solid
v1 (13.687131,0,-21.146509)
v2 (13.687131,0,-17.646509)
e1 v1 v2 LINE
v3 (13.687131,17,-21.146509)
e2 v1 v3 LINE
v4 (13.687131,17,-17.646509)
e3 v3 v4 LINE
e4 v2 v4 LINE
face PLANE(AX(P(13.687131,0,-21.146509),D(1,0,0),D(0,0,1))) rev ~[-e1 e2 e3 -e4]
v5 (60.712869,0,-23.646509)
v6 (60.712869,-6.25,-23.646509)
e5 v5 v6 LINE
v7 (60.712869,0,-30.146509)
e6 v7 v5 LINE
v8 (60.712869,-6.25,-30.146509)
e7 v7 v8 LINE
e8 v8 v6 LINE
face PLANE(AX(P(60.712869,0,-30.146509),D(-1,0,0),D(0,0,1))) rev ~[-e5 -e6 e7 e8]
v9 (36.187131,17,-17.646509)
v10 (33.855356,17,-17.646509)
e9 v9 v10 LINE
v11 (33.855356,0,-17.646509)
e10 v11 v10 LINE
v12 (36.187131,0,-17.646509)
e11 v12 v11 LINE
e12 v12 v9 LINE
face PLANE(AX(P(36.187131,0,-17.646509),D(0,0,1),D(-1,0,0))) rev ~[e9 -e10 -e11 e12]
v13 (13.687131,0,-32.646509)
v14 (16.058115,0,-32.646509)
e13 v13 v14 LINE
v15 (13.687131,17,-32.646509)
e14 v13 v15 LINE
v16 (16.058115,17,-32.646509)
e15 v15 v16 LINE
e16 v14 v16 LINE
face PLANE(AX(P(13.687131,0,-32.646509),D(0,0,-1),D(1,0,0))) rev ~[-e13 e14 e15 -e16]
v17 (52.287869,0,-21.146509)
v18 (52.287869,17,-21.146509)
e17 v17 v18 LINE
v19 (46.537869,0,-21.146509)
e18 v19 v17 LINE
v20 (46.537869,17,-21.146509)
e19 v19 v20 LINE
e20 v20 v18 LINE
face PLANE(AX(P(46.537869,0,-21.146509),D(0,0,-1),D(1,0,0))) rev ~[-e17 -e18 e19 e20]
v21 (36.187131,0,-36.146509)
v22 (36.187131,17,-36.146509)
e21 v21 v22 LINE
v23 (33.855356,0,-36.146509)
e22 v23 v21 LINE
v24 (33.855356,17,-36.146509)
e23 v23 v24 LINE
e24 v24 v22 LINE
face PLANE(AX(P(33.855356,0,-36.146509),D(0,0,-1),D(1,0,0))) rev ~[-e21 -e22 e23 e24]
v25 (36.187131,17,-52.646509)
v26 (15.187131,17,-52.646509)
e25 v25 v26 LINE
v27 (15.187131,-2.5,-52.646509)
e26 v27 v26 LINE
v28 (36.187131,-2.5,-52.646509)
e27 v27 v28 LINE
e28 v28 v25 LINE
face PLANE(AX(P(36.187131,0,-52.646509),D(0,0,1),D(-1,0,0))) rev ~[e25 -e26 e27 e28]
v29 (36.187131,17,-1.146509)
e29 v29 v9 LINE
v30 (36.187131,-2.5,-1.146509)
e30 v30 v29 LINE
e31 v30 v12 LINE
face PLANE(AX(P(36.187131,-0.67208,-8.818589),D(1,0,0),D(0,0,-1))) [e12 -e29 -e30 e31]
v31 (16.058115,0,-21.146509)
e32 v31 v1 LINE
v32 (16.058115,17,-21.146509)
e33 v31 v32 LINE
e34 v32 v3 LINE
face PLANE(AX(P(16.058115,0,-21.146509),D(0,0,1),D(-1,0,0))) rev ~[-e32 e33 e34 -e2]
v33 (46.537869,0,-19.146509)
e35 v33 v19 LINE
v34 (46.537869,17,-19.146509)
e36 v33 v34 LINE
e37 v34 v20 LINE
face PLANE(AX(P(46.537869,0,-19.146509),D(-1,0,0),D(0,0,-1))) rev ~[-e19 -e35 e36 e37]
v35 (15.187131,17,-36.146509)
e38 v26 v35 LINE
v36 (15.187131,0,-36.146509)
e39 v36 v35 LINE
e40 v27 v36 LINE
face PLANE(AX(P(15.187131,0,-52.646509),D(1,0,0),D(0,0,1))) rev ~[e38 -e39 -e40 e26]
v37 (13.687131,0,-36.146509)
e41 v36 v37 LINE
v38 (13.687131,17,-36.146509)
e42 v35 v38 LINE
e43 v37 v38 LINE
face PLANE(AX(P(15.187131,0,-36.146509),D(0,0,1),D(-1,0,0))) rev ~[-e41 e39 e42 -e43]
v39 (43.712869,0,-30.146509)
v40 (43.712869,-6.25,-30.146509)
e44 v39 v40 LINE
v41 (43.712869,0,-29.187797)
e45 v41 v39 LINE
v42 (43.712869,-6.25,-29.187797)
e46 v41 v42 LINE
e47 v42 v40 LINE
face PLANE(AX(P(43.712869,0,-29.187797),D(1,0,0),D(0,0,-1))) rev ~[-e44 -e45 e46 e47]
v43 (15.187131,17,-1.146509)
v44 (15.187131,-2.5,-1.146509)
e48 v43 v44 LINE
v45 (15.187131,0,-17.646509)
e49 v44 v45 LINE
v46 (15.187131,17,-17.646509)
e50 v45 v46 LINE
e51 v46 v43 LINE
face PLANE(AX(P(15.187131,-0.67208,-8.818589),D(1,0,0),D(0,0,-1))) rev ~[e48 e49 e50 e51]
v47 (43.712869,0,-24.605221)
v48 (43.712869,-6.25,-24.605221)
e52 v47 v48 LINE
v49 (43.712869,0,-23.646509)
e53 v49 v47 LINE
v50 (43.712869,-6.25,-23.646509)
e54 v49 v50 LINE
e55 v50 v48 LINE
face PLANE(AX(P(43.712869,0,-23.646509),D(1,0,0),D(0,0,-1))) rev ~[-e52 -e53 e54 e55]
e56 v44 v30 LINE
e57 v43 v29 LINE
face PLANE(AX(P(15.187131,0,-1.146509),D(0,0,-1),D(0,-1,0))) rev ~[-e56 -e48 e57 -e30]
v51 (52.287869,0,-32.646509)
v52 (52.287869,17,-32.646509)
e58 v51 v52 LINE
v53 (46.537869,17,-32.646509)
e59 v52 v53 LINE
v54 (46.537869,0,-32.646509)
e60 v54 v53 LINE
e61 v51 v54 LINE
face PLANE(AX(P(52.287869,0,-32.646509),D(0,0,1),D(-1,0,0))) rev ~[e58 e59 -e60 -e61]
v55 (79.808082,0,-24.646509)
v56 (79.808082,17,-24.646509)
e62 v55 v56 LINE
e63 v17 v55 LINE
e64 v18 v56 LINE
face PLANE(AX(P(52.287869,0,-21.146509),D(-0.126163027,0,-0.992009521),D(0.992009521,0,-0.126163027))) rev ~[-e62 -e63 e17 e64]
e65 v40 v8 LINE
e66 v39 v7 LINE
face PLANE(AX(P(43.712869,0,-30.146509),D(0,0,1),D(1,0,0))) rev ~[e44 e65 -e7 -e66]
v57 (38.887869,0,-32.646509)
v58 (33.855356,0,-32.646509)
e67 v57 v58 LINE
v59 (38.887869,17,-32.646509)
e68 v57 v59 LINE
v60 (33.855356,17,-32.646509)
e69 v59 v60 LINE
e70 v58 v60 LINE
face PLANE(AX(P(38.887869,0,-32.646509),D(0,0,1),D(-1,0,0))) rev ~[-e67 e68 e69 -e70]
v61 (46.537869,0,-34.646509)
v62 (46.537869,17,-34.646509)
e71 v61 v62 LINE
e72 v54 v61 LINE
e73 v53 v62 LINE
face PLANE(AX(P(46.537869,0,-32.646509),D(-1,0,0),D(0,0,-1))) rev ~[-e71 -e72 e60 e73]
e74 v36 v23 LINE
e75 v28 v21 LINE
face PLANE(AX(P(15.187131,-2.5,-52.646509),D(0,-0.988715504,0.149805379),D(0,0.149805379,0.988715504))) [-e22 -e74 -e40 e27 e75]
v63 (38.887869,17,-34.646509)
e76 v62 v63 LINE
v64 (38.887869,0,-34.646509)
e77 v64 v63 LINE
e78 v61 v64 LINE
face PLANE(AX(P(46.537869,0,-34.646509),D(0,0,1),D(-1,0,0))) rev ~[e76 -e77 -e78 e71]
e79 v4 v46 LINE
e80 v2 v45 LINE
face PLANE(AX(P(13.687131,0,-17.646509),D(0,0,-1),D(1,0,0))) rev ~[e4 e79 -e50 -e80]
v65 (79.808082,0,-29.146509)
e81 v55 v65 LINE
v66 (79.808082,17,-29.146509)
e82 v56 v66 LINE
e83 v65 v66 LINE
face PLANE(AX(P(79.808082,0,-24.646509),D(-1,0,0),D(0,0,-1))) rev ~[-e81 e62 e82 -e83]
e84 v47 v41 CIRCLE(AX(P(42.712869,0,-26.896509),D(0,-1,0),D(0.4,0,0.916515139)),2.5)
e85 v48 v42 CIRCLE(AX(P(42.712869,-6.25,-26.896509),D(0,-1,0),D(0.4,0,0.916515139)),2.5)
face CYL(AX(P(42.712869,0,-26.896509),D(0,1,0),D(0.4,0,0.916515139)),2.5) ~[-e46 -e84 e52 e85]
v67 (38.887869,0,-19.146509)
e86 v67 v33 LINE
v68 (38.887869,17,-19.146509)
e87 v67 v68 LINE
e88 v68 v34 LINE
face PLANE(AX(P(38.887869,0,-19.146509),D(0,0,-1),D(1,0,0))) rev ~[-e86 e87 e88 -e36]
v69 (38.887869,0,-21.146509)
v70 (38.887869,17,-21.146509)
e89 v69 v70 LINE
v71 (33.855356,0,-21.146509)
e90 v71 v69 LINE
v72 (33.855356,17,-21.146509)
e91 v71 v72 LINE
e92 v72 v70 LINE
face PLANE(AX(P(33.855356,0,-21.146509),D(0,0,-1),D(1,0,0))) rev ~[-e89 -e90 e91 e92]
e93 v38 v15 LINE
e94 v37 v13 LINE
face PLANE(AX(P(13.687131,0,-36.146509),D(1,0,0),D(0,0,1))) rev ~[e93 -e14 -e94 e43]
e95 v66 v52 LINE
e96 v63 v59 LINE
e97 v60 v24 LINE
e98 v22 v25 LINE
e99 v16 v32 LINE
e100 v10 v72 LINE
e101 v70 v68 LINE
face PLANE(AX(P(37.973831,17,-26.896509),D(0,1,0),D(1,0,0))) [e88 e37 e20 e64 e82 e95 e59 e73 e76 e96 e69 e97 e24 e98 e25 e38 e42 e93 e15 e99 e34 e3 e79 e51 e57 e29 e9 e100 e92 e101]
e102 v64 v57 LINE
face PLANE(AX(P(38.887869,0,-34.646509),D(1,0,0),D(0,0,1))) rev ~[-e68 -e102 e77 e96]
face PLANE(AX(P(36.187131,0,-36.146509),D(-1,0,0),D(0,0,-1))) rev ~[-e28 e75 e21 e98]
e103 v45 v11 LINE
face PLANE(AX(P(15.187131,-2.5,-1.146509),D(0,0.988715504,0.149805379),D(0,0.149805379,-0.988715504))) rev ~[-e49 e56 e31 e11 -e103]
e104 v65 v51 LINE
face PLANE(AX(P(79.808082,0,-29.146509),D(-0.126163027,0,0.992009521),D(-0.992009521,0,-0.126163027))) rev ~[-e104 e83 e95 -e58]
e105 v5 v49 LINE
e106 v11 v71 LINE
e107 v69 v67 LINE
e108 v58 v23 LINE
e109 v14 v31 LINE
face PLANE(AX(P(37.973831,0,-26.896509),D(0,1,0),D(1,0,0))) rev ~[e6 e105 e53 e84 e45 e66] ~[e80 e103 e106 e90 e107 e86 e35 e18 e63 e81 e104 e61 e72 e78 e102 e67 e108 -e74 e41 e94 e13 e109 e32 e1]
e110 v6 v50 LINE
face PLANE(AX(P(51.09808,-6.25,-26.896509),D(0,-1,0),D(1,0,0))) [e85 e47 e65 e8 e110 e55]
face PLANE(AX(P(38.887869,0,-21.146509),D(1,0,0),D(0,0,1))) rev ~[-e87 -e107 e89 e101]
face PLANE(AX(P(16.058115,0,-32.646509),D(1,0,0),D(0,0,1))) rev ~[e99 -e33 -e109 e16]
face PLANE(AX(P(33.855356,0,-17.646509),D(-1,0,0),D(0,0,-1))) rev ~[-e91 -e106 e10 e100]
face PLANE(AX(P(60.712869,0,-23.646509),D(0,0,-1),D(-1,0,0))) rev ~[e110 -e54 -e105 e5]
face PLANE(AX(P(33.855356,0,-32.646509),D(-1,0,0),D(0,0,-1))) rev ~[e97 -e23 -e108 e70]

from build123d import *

# Parameters (mm, degrees)
BOSS_EXTRUDE1_DEPTH = 17
BOSS_EXTRUDE2_DEPTH = 6.25
BOSS_EXTRUDE3_DEPTH = 21


with BuildPart() as part:
    # Sketch1 → Boss-Extrude1 (new body)
    with BuildSketch(Plane(origin=(0, 0, 0), x_dir=(1, 0, 0), z_dir=(0, 1, 0))):
        Polygon((38.887869235, 32.64650928), (33.855356453, 32.64650928), (33.855356453, 36.14650928), (36.187130568, 36.14650928), (36.187130568, 52.64650928), (15.187130568, 52.64650928), (15.187130568, 36.14650928), (13.687130568, 36.14650928), (13.687130568, 32.64650928), (16.05811547, 32.64650928), (16.05811547, 21.14650928), (13.687130568, 21.14650928), (13.687130568, 17.64650928), (15.187130568, 17.64650928), (15.187130568, 1.14650928), (36.187130568, 1.14650928), (36.187130568, 17.64650928), (33.855356453, 17.64650928), (33.855356453, 21.14650928), (38.887869235, 21.14650928), (38.887869235, 19.14650928), (46.537869235, 19.14650928), (46.537869235, 21.14650928), (52.287869235, 21.14650928), (79.808081842, 24.64650928), (79.808081842, 29.14650928), (52.287869235, 32.64650928), (46.537869235, 32.64650928), (46.537869235, 34.64650928), (38.887869235, 34.64650928), align=None)
    extrude(amount=BOSS_EXTRUDE1_DEPTH)

    # Sketch2 → Boss-Extrude2 (add)
    with BuildSketch(Plane.XZ):
        with BuildLine():
            Line((43.712869235, -29.187797128), (43.712869235, -30.14650928))
            Line((43.712869235, -30.14650928), (45.212869235, -30.14650928))
            Line((45.212869235, -30.14650928), (60.712869235, -30.14650928))
            Line((60.712869235, -30.14650928), (60.712869235, -26.89650928))
            Line((60.712869235, -26.89650928), (60.712869235, -23.64650928))
            Line((60.712869235, -23.64650928), (45.212869235, -23.64650928))
            Line((45.212869235, -23.64650928), (43.712869235, -23.64650928))
            Line((43.712869235, -23.64650928), (43.712869235, -24.605221433))
            ThreePointArc((43.712869235, -24.605221433), (40.212869235, -26.89650928), (43.712869235, -29.187797128))
        make_face()
    extrude(amount=BOSS_EXTRUDE2_DEPTH)

    # Sketch3 → Boss-Extrude3 (add)
    with BuildSketch(Plane.ZY.offset(-15.187130568)):
        Polygon((-1.14650928, 0), (-1.14650928, -2.5), (-17.64650928, 0), align=None)
        Polygon((-36.14650928, 0), (-52.64650928, 0), (-52.64650928, -2.5), align=None)
    extrude(amount=-BOSS_EXTRUDE3_DEPTH)


solid = part.part
